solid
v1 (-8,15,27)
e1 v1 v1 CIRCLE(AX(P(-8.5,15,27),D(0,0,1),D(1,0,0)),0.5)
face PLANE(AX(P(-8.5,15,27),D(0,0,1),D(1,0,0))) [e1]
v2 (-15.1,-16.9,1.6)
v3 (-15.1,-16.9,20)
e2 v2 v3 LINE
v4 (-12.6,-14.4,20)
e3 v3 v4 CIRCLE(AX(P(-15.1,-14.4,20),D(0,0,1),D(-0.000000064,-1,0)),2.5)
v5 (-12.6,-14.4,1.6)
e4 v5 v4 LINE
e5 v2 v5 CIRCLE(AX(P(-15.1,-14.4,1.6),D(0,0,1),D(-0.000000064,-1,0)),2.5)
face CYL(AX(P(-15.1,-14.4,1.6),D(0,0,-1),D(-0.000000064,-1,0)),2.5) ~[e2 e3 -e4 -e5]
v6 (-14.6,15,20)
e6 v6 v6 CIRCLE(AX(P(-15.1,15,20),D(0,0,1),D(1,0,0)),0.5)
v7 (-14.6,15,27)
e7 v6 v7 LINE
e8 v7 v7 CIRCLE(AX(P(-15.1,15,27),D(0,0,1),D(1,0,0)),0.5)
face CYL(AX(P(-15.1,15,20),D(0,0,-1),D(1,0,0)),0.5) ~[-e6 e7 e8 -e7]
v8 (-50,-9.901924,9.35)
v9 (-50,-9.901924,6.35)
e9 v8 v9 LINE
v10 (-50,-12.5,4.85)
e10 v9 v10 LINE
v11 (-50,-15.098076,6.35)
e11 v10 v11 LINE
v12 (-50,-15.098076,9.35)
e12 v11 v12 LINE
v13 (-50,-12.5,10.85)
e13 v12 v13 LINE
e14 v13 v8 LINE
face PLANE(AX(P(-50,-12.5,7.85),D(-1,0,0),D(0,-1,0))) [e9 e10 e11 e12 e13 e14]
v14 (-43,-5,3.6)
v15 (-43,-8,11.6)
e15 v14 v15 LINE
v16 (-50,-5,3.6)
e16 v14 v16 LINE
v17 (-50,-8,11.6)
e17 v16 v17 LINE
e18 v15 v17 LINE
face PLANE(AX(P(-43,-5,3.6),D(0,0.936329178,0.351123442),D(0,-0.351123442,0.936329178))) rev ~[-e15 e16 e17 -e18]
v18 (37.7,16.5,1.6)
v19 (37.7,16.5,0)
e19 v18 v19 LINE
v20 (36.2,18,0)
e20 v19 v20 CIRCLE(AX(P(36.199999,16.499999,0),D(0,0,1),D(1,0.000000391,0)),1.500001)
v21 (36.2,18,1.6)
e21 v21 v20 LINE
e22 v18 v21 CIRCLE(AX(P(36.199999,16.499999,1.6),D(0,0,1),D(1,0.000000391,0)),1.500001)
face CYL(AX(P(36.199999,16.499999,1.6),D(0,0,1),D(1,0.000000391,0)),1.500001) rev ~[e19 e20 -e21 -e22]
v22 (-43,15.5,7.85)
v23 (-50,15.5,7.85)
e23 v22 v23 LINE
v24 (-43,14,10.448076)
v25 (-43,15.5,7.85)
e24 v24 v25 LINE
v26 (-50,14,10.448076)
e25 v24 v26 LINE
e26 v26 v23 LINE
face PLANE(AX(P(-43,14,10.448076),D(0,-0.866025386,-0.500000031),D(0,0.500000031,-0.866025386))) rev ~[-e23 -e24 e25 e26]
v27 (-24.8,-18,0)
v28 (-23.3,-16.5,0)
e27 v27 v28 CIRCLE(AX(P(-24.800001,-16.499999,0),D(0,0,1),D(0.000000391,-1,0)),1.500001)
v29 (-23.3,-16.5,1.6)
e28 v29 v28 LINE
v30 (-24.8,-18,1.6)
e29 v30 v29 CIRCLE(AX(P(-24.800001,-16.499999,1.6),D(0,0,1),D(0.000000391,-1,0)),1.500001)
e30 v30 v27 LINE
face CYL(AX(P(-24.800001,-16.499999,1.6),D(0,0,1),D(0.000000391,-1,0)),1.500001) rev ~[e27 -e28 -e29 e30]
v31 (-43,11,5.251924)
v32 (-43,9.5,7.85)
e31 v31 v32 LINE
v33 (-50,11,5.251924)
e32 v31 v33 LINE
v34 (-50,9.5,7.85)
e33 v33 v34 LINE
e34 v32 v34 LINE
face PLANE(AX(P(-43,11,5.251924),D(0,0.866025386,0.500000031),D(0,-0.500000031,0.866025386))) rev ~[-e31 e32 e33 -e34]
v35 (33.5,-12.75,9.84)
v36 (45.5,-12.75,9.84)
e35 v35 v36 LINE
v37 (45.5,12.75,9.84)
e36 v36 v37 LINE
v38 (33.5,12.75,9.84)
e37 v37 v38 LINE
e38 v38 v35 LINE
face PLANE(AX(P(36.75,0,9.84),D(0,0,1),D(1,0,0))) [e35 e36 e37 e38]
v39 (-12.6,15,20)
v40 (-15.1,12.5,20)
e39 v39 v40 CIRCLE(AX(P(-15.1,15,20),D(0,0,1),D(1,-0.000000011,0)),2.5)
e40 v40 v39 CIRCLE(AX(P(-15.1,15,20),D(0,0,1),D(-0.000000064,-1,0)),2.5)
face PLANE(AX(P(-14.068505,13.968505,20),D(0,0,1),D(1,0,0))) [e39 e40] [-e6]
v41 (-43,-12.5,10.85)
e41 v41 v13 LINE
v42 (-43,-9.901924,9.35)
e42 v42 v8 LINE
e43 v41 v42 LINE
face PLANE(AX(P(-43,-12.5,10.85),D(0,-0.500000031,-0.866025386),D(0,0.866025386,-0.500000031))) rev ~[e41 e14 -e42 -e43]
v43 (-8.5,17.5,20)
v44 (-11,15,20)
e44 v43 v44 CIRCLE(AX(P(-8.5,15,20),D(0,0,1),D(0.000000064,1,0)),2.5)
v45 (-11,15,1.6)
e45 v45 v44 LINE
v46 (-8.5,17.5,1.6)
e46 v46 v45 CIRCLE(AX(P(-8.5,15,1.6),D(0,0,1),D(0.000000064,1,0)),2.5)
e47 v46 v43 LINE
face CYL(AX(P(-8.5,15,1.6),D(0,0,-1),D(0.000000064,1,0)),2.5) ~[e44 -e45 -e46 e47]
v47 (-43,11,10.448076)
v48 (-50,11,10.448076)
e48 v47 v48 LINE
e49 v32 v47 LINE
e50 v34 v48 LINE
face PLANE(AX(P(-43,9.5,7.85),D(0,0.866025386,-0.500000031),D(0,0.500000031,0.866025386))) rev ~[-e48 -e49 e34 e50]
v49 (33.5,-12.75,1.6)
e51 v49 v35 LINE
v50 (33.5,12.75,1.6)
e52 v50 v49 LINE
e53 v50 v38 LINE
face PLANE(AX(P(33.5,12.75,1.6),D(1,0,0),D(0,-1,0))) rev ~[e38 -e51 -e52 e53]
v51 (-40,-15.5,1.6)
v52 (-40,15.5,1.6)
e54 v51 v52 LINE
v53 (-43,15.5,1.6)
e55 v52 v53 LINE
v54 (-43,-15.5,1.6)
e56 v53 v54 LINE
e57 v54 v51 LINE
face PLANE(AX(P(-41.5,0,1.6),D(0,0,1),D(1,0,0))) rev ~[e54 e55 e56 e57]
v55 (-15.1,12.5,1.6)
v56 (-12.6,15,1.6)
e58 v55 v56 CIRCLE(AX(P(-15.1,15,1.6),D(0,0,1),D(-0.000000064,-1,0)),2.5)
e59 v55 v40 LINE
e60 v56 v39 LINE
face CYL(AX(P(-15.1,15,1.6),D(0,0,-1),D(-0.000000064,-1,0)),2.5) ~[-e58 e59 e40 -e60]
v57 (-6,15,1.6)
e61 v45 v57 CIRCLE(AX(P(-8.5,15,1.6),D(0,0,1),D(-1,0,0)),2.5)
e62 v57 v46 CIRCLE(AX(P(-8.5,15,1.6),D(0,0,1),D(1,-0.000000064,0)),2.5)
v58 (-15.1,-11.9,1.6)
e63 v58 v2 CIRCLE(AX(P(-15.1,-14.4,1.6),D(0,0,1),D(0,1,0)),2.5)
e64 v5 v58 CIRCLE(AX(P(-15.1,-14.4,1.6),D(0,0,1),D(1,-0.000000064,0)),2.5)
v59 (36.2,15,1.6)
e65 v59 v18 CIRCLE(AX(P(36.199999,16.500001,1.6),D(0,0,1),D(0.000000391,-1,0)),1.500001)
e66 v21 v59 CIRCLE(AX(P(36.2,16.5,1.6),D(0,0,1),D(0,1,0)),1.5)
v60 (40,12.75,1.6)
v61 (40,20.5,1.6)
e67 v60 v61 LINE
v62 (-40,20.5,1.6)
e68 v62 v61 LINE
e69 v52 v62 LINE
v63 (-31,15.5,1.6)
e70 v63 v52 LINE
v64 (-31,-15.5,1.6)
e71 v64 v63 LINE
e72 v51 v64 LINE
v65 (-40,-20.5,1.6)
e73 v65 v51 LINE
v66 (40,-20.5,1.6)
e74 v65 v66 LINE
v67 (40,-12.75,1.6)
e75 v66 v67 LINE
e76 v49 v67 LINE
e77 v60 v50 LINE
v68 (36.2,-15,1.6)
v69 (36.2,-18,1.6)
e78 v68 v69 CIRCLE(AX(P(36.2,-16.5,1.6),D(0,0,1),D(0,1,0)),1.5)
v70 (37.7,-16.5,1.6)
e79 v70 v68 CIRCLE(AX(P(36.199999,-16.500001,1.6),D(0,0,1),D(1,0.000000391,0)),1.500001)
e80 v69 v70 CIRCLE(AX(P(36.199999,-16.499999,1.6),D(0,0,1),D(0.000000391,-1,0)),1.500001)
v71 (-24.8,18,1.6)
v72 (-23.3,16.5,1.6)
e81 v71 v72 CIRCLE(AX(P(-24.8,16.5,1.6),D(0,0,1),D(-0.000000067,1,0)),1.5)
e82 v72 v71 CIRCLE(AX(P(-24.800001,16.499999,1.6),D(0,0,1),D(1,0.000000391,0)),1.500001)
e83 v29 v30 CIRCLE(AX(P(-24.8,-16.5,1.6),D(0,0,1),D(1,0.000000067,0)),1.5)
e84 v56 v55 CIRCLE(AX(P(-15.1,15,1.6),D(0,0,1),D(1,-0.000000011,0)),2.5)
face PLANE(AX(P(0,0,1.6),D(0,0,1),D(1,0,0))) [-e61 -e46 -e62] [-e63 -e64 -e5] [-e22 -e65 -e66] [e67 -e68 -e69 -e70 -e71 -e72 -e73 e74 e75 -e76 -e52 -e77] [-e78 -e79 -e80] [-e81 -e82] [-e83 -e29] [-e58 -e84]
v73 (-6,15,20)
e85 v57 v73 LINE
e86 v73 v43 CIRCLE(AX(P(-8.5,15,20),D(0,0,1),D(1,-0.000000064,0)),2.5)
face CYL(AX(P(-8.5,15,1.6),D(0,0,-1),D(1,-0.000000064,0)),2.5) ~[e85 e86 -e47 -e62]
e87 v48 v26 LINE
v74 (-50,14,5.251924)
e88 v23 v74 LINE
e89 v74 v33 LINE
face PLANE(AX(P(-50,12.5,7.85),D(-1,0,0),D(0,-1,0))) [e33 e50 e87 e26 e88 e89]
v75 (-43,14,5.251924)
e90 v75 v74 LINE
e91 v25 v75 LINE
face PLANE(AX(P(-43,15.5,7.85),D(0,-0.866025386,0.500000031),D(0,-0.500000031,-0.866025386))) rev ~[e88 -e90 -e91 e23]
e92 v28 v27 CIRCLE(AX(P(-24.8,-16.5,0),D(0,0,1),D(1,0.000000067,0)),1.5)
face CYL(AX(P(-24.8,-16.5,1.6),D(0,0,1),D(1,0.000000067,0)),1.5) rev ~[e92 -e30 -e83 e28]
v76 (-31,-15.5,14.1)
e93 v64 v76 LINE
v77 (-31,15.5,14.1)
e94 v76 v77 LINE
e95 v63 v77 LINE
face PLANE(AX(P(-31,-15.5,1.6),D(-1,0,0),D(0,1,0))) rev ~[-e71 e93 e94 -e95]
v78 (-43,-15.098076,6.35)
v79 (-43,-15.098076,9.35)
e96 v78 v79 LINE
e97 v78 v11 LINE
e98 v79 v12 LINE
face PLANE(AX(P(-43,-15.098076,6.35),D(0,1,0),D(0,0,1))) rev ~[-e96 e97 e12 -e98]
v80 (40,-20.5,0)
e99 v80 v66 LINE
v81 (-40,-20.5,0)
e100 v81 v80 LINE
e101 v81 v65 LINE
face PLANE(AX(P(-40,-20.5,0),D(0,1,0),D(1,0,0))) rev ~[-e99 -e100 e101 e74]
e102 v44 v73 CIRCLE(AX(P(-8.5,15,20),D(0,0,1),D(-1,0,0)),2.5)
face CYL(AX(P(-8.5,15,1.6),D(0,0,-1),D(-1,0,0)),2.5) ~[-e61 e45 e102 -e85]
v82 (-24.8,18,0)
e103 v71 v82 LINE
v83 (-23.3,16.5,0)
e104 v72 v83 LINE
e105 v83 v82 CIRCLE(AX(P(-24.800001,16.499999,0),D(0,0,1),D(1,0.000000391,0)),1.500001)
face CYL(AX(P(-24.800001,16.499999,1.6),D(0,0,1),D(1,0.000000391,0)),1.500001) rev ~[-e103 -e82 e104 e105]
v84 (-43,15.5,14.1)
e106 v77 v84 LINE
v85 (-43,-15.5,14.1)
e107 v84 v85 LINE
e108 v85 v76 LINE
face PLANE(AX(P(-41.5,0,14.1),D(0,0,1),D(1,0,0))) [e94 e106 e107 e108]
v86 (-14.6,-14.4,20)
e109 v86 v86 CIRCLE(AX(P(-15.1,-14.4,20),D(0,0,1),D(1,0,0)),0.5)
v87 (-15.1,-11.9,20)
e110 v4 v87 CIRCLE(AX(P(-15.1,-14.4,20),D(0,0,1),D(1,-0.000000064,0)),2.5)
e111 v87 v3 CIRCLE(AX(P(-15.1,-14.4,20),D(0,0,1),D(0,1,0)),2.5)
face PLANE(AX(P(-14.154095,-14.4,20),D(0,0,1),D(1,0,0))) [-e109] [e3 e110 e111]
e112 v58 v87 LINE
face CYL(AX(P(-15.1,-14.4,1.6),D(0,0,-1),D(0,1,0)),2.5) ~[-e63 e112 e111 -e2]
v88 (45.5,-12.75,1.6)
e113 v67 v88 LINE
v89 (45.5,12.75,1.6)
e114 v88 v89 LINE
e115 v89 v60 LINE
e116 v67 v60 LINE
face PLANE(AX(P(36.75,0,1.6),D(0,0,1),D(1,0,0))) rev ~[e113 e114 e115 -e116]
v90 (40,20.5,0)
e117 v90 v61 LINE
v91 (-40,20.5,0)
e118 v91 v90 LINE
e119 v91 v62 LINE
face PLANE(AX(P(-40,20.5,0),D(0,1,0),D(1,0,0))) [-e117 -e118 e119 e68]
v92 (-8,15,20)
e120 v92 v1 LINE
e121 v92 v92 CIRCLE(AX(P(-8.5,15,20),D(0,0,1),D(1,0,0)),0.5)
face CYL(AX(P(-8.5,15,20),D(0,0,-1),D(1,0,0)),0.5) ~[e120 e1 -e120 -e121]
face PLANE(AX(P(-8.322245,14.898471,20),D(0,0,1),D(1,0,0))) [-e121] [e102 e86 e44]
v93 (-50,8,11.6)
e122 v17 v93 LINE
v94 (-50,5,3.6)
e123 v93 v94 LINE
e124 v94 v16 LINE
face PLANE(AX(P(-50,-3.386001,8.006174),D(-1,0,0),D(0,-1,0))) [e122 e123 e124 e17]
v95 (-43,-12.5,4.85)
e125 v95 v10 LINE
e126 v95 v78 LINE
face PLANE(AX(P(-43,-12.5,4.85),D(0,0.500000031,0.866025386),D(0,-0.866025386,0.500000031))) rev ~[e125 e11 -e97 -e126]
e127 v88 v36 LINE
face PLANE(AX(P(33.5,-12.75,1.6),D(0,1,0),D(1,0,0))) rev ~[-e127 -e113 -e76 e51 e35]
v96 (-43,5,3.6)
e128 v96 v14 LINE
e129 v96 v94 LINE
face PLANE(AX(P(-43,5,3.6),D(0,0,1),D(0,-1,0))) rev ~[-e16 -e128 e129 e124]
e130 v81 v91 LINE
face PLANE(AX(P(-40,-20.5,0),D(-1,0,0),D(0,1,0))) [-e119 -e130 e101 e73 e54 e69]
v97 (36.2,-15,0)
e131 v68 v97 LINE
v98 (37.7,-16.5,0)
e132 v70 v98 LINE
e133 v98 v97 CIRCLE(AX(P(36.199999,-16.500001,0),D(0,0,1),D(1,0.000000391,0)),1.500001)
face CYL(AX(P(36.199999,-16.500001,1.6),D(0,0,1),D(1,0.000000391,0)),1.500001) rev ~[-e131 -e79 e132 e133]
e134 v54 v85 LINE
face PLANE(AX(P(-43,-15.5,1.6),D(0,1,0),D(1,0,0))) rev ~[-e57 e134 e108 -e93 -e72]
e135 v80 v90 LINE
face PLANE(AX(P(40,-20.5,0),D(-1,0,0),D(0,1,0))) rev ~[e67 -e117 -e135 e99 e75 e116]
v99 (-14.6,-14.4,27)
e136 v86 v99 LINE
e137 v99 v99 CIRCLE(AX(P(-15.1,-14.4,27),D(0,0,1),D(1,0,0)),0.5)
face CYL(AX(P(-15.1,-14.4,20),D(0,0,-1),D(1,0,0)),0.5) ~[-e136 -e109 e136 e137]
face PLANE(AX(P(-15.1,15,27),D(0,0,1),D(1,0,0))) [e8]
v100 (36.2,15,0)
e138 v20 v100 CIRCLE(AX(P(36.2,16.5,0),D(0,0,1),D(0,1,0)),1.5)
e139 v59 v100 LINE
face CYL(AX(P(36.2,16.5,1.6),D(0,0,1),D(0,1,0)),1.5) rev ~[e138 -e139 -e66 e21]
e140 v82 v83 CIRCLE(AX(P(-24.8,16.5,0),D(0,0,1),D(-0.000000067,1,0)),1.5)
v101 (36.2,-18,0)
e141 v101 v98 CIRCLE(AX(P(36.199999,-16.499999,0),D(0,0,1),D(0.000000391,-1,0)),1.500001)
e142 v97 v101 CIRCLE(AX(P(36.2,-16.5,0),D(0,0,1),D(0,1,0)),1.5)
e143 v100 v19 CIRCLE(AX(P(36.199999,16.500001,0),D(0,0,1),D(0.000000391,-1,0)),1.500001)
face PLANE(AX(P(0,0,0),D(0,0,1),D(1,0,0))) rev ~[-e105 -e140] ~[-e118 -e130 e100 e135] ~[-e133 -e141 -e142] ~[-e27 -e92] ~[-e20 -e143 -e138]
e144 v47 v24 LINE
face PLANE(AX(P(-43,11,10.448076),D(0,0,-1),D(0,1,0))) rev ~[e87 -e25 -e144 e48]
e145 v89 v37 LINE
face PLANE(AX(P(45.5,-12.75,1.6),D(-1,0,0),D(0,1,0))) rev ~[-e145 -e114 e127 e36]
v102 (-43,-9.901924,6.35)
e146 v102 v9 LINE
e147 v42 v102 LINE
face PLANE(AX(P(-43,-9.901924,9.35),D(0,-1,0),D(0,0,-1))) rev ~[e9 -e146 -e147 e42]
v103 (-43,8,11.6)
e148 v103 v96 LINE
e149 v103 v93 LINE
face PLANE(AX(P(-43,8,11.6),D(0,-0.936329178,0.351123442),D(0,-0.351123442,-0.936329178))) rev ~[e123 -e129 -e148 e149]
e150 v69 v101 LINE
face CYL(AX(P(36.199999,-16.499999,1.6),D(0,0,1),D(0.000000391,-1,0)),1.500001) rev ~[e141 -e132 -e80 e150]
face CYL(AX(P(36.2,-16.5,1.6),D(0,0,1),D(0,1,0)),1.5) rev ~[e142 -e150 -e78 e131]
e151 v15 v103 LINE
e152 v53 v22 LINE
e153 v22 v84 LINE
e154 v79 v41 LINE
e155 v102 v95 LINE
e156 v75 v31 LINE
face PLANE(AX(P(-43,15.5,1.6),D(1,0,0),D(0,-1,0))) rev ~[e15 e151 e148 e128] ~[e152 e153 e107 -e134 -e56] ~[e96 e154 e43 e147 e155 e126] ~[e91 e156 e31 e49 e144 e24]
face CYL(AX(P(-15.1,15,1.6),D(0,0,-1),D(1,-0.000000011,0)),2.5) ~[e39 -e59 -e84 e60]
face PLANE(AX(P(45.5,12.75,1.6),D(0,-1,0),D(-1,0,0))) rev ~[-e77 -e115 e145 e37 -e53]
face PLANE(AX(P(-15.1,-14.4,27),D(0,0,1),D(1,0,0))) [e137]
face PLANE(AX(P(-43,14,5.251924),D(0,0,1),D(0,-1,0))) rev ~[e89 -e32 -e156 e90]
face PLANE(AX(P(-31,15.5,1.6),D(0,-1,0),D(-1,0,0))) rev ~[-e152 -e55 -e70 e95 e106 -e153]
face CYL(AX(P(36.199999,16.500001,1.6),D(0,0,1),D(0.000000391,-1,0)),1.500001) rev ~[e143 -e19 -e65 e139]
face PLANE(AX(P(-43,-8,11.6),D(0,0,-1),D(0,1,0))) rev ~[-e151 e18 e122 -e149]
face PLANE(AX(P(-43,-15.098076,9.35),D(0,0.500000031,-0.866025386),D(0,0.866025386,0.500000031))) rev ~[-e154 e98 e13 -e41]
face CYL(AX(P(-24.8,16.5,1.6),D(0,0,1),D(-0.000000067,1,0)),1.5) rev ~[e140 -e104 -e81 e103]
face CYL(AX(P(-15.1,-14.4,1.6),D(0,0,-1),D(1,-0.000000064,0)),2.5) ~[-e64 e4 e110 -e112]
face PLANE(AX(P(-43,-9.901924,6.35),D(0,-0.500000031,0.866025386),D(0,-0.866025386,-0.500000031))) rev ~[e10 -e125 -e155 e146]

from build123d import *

# Parameters (mm, degrees)
F0_W      = 80
F0_H      = 41
F1_DEPTH  = 1.6
F3_DEPTH  = 8.24
F5_DEPTH  = 12.5
F7_DEPTH  = 7
F9_DEPTH  = 2
F11_DEPTH = 18.4
F12_R     = 0.5
F13_DEPTH = 7
F14_R     = 0.5
F15_DEPTH = 7
F16_R     = 0.5
F17_DEPTH = 7


with BuildPart() as f1:
    # F0 (on Top) → F1 (new body)
    with BuildSketch(Plane.XY):
        Rectangle(F0_W, F0_H)
    extrude(amount=F1_DEPTH)

    # F2 (on face) → F3 (join)
    with BuildSketch(Plane.XY.offset(1.6)):
        Polygon((40, -12.75), (40, 0), (40, 12.75), (33.5, 12.75), (33.5, -12.75), align=None)
        Polygon((40, 12.75), (40, 0), (40, -12.75), (45.5, -12.75), (45.5, 12.75), align=None)
    extrude(amount=F3_DEPTH)

    # F4 (on face) → F5 (join)
    with BuildSketch(Plane.XY.offset(1.6)):
        Polygon((-40, -15.5), (-40, 0), (-40, 15.5), (-43, 15.5), (-43, -15.5), align=None)
        Polygon((-40, 15.5), (-40, 0), (-40, -15.5), (-31, -15.5), (-31, 15.5), align=None)
    extrude(amount=F5_DEPTH)

    # F6 (on face) → F7 (join)
    with BuildSketch(Plane(origin=(-43, 0, 0), x_dir=(0, -1, 0), z_dir=(-1, 0, 0))):
        Polygon((0, 11.6), (0, 3.6), (5, 3.6), (8, 11.6), align=None)
        Polygon((-5, 3.6), (0, 3.6), (0, 11.6), (-8, 11.6), align=None)
        Polygon((-14, 10.448076), (-15.5, 7.85), (-14, 5.251924), (-11, 5.251924), (-9.5, 7.85), (-11, 10.448076), align=None)
        Polygon((15.098076, 9.35), (12.5, 10.85), (9.901924, 9.35), (9.901924, 6.35), (12.5, 4.85), (15.098076, 6.35), (15.098076, 7.85), align=None)
    extrude(amount=F7_DEPTH)

    # F8 (on face) → F9 (cut)
    with BuildSketch(Plane.XY.offset(1.6)):
        with BuildLine():
            ThreePointArc((37.7, 16.5), (37.26066, 17.56066), (36.2, 18))
            Line((36.2, 18), (36.2, 16.5))
            Line((36.2, 16.5), (36.2, 15))
            ThreePointArc((36.2, 15), (37.26066, 15.43934), (37.7, 16.5))
        make_face()
        with BuildLine():
            ThreePointArc((-23.3, -16.5), (-25.86066, -15.43934), (-24.8, -18))
            ThreePointArc((-24.8, -18), (-23.73934, -17.56066), (-23.3, -16.5))
        make_face()
        with BuildLine():
            ThreePointArc((37.7, -16.5), (37.26066, -15.43934), (36.2, -15))
            Line((36.2, -15), (36.2, -16.5))
            Line((36.2, -16.5), (36.2, -18))
            ThreePointArc((36.2, -18), (37.26066, -17.56066), (37.7, -16.5))
        make_face()
        with BuildLine():
            Line((36.2, -16.5), (36.2, -15))
            ThreePointArc((36.2, -15), (34.7, -16.5), (36.2, -18))
            Line((36.2, -18), (36.2, -16.5))
        make_face()
        with BuildLine():
            Line((36.2, 16.5), (36.2, 18))
            ThreePointArc((36.2, 18), (34.7, 16.5), (36.2, 15))
            Line((36.2, 15), (36.2, 16.5))
        make_face()
        with BuildLine():
            ThreePointArc((-24.8, 18), (-25.86066, 15.43934), (-23.3, 16.5))
            ThreePointArc((-23.3, 16.5), (-23.73934, 17.56066), (-24.8, 18))
        make_face()
    extrude(amount=-F9_DEPTH, mode=Mode.SUBTRACT)

    # F10 (on face) → F11 (join)
    with BuildSketch(Plane.XY.offset(1.6)):
        with BuildLine():
            ThreePointArc((-6, 15), (-6.732233, 16.767767), (-8.5, 17.5))
            Line((-8.5, 17.5), (-8.5, 15))
            Line((-8.5, 15), (-11, 15))
            ThreePointArc((-11, 15), (-8.5, 12.5), (-6, 15))
        make_face()
        with BuildLine():
            ThreePointArc((-12.6, -14.4), (-13.332233, -12.632233), (-15.1, -11.9))
            Line((-15.1, -11.9), (-15.1, -14.4))
            Line((-15.1, -14.4), (-15.1, -16.9))
            ThreePointArc((-15.1, -16.9), (-13.332233, -16.167767), (-12.6, -14.4))
        make_face()
        with BuildLine():
            Line((-15.1, -14.4), (-15.1, -11.9))
            ThreePointArc((-15.1, -11.9), (-17.6, -14.4), (-15.1, -16.9))
            Line((-15.1, -16.9), (-15.1, -14.4))
        make_face()
        with BuildLine():
            ThreePointArc((-15.1, 12.5), (-13.332233, 13.232233), (-12.6, 15))
            Line((-12.6, 15), (-15.1, 15))
            Line((-15.1, 15), (-15.1, 12.5))
        make_face()
        with BuildLine():
            Line((-15.1, 15), (-12.6, 15))
            ThreePointArc((-12.6, 15), (-16.867767, 16.767767), (-15.1, 12.5))
            Line((-15.1, 12.5), (-15.1, 15))
        make_face()
        with BuildLine():
            Line((-8.5, 15), (-8.5, 17.5))
            ThreePointArc((-8.5, 17.5), (-10.267767, 16.767767), (-11, 15))
            Line((-11, 15), (-8.5, 15))
        make_face()
    extrude(amount=F11_DEPTH)

    # F12 (on face) → F13 (join)
    with BuildSketch(Plane.XY.offset(20)):
        with Locations((-15.1, 15)):
            Circle(F12_R)
    extrude(amount=F13_DEPTH)

    # F14 (on face) → F15 (join)
    with BuildSketch(Plane.XY.offset(20)):
        with Locations((-8.5, 15)):
            Circle(F14_R)
    extrude(amount=F15_DEPTH)

    # F16 (on face) → F17 (join)
    with BuildSketch(Plane.XY.offset(20)):
        with Locations((-15.1, -14.4)):
            Circle(F16_R)
    extrude(amount=F17_DEPTH)


solid = f1.part
